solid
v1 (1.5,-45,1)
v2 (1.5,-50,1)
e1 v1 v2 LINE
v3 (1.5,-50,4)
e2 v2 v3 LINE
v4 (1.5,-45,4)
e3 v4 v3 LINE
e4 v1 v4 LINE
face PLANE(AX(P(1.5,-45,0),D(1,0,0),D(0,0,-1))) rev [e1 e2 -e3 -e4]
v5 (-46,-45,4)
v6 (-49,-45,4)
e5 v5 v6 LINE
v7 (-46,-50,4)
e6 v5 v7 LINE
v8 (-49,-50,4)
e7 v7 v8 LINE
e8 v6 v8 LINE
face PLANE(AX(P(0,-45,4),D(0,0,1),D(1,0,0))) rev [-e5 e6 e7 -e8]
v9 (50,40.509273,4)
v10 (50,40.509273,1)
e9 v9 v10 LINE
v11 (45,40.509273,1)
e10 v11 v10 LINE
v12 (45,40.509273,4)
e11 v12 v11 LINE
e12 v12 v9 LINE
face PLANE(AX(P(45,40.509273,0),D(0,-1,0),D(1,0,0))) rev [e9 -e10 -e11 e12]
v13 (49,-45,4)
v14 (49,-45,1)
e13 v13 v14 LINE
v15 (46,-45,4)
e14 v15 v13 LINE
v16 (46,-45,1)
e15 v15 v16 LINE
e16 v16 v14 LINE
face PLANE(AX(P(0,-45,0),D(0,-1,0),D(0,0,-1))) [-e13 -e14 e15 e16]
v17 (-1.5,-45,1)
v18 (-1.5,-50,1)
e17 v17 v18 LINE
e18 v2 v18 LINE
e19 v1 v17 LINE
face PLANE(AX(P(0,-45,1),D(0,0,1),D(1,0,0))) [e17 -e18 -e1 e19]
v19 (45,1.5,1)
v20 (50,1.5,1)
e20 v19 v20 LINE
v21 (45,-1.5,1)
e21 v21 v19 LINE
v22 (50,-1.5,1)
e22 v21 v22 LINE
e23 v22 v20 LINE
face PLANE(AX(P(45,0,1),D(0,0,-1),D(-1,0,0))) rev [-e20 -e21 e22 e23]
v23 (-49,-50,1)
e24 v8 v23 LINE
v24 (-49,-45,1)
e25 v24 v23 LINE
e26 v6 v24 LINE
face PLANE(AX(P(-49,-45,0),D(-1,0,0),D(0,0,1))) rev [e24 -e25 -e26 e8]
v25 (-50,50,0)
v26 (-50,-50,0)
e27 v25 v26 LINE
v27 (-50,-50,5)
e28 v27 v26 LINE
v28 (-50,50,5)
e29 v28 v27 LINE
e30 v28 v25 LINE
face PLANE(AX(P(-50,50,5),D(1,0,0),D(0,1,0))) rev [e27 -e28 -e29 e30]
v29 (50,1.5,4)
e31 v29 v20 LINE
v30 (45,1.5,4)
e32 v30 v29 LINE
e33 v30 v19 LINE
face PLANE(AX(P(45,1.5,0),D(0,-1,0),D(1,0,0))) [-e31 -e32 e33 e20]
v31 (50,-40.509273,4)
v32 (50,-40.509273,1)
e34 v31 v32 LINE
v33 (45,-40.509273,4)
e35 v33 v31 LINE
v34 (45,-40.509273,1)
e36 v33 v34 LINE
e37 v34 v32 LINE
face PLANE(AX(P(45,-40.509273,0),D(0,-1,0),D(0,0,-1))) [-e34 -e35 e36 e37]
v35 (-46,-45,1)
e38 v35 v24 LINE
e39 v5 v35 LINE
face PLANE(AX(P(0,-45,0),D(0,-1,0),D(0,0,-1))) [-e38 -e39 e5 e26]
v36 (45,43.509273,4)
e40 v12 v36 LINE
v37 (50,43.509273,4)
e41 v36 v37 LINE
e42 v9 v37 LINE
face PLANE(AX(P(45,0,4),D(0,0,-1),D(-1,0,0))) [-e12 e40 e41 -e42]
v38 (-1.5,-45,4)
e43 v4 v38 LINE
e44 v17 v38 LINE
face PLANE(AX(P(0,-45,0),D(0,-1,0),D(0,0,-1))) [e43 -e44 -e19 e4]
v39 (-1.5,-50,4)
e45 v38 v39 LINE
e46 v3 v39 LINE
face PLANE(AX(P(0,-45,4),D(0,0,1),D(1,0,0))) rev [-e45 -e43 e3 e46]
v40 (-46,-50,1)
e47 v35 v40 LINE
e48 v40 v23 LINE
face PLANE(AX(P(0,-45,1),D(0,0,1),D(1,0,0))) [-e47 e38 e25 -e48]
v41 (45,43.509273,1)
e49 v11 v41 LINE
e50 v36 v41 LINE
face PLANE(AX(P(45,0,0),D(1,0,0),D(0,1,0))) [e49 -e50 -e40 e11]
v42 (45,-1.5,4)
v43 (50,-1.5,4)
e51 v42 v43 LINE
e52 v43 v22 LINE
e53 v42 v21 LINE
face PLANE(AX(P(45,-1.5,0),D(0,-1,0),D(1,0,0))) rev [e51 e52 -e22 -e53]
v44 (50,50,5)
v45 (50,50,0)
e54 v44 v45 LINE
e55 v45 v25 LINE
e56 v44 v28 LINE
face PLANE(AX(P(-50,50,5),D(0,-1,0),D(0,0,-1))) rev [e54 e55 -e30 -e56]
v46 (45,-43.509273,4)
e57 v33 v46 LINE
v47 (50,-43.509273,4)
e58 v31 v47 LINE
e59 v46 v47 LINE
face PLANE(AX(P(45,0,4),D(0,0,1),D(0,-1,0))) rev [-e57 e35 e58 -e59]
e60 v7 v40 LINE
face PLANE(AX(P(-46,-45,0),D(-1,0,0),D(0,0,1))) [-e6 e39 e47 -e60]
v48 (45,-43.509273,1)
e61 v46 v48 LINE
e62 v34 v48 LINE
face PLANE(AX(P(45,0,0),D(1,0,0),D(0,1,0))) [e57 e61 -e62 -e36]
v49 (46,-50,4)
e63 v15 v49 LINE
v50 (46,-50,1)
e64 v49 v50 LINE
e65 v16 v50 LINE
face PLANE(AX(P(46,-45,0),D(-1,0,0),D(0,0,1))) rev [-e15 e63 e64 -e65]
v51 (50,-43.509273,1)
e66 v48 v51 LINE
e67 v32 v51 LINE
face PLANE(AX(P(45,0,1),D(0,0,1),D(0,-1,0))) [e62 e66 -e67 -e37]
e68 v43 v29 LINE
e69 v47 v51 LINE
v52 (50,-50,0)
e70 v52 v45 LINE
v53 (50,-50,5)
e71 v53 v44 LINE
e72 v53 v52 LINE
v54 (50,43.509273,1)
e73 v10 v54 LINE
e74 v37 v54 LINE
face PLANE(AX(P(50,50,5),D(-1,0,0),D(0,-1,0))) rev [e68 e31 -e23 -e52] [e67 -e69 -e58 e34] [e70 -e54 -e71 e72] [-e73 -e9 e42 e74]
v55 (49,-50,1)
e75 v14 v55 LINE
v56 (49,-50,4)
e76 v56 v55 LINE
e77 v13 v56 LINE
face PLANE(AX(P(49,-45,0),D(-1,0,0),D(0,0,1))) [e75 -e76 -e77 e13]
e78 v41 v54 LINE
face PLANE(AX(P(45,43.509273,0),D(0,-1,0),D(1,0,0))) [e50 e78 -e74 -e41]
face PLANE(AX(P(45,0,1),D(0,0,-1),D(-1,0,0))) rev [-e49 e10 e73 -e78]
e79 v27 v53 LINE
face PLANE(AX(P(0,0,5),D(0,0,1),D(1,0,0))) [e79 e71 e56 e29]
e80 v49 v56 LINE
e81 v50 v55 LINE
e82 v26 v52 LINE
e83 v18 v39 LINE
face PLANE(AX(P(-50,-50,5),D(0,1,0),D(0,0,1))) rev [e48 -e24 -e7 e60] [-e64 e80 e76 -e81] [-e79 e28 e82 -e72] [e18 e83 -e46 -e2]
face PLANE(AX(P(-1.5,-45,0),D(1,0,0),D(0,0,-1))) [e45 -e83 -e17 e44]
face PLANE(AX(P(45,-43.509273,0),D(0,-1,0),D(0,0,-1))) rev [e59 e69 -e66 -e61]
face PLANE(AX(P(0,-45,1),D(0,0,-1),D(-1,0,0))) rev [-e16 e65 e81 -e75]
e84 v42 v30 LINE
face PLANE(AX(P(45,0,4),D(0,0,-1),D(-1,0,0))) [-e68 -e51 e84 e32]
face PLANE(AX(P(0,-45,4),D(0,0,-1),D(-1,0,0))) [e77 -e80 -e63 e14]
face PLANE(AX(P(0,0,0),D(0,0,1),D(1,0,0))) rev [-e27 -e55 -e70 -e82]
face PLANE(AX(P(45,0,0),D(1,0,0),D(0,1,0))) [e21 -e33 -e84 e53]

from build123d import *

# Parameters (mm, degrees)
SKETCH2_W           = 100
SKETCH2_H           = 100
BOSS_EXTRUDE1_DEPTH = 5
SKETCH3_W           = 1.5
SKETCH3_H           = 3
SKETCH3_W_2         = 3
SKETCH3_H_2         = 1.5
CUT_EXTRUDE1_DEPTH  = 5
SKETCH6_W           = 3
SKETCH6_H           = 3
CUT_EXTRUDE2_DEPTH  = 5


with BuildPart() as part:
    # Sketch2 → Boss-Extrude1 (new body)
    with BuildSketch(Plane.XY):
        Rectangle(SKETCH2_W, SKETCH2_H)
    extrude(amount=BOSS_EXTRUDE1_DEPTH)

    # Sketch3 → Cut-Extrude1 (cut)
    with BuildSketch(Plane(origin=(50, 0, 0), x_dir=(0, 0, -1), z_dir=(1, 0, 0))):
        with Locations((-1.75, 42.009272938)):
            Rectangle(SKETCH3_W, SKETCH3_H)
        with Locations((-3.25, 42.009272938)):
            Rectangle(SKETCH3_W, SKETCH3_H)
        with Locations((-2.5, -0.75)):
            Rectangle(SKETCH3_W_2, SKETCH3_H_2)
        with Locations((-2.5, 0.75)):
            Rectangle(SKETCH3_W_2, SKETCH3_H_2)
        with Locations((-2.5, -42.009272938)):
            Rectangle(SKETCH3_W_2, SKETCH3_H)
    extrude(amount=-CUT_EXTRUDE1_DEPTH, mode=Mode.SUBTRACT)

    # Sketch6 → Cut-Extrude2 (cut)
    with BuildSketch(Plane.XZ.offset(50)):
        with Locations((-47.5, 2.5)):
            Rectangle(SKETCH6_W, SKETCH6_H)
        with Locations((47.5, 2.5)):
            Rectangle(SKETCH6_W, SKETCH6_H)
        with Locations((0, 2.5)):
            Rectangle(SKETCH6_W, SKETCH6_H)
    extrude(amount=-CUT_EXTRUDE2_DEPTH, mode=Mode.SUBTRACT)


solid = part.part
